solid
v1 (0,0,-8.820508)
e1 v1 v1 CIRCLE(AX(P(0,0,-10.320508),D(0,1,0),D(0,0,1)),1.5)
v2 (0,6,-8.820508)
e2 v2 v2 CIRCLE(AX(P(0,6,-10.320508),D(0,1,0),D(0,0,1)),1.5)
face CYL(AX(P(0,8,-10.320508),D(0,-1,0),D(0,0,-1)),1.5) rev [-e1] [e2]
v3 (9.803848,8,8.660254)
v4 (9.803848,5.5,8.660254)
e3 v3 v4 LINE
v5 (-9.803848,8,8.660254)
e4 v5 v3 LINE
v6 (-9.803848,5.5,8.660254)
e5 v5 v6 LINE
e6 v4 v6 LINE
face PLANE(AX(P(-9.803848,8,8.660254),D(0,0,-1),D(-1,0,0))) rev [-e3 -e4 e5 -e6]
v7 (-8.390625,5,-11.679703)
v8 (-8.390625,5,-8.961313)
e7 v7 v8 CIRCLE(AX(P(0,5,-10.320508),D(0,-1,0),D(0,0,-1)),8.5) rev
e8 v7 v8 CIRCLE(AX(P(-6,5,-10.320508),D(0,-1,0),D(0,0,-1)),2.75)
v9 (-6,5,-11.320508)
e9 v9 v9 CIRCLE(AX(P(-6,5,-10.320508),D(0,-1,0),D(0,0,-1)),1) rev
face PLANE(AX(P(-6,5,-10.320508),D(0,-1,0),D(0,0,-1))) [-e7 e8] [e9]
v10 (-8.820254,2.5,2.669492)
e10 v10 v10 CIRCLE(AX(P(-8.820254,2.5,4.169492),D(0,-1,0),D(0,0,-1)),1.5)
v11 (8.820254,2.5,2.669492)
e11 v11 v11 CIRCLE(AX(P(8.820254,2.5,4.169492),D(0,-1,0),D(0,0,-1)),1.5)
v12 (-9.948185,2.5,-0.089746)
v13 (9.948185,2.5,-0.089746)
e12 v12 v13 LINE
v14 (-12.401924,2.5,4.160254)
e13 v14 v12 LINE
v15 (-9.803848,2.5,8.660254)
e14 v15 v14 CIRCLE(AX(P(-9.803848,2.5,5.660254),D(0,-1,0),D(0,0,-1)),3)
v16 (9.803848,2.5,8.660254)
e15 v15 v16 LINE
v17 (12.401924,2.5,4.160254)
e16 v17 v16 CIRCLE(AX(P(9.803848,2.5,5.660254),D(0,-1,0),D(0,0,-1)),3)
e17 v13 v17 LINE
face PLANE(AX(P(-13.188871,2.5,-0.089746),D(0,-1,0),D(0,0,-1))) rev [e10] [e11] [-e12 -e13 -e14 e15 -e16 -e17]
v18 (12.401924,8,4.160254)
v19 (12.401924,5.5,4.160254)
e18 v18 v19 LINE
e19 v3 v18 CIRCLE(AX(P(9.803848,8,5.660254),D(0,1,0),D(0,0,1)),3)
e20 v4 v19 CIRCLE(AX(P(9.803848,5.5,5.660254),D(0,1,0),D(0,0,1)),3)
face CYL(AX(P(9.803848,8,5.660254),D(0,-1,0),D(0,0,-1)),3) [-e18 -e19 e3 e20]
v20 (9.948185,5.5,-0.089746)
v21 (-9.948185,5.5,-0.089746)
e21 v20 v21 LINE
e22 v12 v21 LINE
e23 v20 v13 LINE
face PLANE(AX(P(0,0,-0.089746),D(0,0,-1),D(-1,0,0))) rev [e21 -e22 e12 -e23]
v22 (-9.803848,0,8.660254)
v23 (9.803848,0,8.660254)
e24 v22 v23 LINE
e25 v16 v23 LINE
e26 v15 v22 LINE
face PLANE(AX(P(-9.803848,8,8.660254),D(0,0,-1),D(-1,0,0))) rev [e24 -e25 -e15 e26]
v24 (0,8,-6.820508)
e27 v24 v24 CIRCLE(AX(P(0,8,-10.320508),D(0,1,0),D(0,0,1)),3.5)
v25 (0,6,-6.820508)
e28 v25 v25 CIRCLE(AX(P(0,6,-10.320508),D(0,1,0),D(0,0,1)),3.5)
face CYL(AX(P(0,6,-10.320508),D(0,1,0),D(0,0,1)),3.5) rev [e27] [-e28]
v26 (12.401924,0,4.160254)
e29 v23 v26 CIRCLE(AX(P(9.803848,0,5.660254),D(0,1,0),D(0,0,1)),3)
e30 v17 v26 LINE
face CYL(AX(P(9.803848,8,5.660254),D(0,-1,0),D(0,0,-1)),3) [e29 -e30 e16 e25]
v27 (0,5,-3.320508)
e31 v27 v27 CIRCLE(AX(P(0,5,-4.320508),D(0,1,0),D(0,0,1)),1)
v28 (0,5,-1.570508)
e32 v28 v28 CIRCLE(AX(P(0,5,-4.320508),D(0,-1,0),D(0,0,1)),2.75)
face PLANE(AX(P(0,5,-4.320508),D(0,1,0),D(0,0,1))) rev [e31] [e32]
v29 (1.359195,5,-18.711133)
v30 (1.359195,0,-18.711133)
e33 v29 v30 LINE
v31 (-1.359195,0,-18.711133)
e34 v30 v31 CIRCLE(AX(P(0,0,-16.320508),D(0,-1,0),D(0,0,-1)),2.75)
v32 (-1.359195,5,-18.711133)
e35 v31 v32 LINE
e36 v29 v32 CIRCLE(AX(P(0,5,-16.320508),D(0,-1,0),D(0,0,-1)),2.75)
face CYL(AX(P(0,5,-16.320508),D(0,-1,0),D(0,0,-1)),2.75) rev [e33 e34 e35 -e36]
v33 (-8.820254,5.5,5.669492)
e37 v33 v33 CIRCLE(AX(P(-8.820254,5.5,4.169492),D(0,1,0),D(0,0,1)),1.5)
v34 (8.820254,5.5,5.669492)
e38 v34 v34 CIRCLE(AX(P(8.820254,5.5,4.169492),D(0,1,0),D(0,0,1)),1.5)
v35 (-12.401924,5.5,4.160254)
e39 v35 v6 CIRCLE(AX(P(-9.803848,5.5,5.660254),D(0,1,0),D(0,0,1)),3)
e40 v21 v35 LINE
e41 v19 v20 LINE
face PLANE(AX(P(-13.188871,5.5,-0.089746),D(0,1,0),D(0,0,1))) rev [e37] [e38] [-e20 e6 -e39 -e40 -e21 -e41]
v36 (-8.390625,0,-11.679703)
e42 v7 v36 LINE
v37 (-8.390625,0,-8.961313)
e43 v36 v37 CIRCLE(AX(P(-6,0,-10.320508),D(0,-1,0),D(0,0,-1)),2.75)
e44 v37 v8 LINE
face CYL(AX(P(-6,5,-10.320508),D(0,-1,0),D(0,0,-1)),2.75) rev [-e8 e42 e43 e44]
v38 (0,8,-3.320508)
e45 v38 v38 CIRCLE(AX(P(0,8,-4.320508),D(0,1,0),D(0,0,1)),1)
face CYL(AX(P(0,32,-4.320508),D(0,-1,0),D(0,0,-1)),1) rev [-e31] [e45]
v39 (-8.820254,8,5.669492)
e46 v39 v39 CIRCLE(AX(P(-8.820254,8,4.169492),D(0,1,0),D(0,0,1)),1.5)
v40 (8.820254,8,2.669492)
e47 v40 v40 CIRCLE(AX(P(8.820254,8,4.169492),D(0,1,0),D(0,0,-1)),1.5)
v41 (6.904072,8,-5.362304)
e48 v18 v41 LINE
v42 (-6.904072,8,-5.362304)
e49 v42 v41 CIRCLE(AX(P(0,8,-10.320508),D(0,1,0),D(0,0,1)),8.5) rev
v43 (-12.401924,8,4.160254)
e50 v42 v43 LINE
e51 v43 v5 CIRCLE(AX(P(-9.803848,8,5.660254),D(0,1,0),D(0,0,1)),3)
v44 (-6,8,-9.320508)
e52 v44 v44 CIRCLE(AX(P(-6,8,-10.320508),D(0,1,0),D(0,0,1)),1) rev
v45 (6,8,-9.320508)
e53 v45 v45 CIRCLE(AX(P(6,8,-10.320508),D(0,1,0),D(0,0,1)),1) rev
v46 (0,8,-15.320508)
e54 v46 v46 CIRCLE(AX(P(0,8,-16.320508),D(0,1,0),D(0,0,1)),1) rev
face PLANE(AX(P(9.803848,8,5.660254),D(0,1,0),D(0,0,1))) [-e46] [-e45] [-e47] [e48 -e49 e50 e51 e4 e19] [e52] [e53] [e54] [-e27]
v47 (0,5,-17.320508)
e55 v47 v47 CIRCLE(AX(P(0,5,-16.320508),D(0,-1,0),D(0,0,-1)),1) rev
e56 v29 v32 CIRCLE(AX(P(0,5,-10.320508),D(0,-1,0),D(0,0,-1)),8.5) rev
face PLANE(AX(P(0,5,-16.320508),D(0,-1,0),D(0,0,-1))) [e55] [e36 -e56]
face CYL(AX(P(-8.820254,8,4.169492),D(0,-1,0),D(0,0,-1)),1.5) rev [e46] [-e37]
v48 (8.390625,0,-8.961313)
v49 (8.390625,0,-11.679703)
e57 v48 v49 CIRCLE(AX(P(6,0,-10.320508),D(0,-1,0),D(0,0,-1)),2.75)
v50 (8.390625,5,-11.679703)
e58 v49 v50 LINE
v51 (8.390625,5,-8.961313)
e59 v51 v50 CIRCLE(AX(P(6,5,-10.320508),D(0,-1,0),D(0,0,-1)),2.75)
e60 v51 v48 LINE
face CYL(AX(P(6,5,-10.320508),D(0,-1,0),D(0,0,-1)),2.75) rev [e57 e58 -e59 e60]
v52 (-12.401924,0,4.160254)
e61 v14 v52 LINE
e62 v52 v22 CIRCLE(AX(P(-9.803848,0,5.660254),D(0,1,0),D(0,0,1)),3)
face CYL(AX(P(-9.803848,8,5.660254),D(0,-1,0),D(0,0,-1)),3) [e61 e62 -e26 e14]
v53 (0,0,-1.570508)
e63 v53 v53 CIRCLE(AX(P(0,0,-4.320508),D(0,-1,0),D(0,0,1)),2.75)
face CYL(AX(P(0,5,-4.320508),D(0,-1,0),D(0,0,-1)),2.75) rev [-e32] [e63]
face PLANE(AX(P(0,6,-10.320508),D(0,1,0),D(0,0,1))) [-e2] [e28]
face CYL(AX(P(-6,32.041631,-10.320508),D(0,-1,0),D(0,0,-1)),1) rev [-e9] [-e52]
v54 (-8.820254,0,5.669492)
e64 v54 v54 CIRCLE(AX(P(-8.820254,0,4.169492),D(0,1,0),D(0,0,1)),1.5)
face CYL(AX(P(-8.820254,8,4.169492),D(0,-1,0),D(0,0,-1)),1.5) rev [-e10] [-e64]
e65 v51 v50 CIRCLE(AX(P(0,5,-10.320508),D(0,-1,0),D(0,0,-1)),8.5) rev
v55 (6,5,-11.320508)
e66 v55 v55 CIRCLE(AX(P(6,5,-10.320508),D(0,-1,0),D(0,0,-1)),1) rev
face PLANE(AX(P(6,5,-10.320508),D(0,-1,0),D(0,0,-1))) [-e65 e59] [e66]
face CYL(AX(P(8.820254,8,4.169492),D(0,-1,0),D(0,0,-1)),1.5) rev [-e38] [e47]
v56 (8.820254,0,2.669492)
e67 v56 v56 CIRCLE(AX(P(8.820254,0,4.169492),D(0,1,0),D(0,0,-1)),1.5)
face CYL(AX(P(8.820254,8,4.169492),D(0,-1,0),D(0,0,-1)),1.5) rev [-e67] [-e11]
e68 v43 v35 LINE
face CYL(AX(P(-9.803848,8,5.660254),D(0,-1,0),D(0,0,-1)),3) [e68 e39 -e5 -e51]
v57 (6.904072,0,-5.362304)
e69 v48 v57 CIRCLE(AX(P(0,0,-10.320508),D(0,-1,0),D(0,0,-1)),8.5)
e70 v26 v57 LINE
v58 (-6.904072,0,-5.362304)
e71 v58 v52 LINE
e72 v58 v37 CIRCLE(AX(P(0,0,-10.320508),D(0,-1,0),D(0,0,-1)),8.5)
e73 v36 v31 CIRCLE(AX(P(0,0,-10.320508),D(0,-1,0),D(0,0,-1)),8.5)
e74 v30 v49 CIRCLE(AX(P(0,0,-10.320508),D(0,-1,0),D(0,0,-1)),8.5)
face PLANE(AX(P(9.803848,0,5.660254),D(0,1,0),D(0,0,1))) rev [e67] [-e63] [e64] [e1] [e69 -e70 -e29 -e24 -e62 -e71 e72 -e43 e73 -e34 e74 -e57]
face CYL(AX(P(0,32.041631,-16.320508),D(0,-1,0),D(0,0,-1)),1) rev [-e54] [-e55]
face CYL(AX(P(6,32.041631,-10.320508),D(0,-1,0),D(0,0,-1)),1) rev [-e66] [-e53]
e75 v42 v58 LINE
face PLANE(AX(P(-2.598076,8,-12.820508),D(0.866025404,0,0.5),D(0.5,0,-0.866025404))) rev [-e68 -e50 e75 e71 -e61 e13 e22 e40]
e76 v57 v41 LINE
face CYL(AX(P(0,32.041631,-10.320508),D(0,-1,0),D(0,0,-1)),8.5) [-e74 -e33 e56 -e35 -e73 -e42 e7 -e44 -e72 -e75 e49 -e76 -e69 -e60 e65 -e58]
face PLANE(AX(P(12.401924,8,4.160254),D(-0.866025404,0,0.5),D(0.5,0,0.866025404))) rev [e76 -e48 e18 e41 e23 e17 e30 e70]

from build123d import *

# Parameters (mm, degrees)
SKETCH1_R           = 1.5
BOSS_EXTRUDE1_DEPTH = 8
SKETCH2_W           = 26.485934179
SKETCH2_H           = 3
CUT_EXTRUDE3_DEPTH  = 8.75
SKETCH3_R           = 8.5
SKETCH3_R_2         = 1.5
SKETCH3_R_3         = 1
BOSS_EXTRUDE2_DEPTH = 8
SKETCH4_R           = 2.75
CUT_EXTRUDE4_DEPTH  = 5
SKETCH5_R           = 3.5
CUT_EXTRUDE5_DEPTH  = 2
SKETCH3_3_R         = 1
CUT_EXTRUDE6_DEPTH  = 32


with BuildPart() as part:
    # Sketch1 → Boss-Extrude1 (new body)
    with BuildSketch(Plane(origin=(0, 0, 0), x_dir=(1, 0, 0), z_dir=(0, 1, 0))):
        with BuildLine():
            Line((-2.598076211, 12.820508076), (-12.401923789, -4.160254038))
            ThreePointArc((-12.401923789, -4.160254038), (-12.401923789, -7.160254038), (-9.803847577, -8.660254038))
            Line((-9.803847577, -8.660254038), (9.803847577, -8.660254038))
            ThreePointArc((9.803847577, -8.660254038), (12.401923789, -7.160254038), (12.401923789, -4.160254038))
            Line((12.401923789, -4.160254038), (2.598076211, 12.820508076))
            ThreePointArc((2.598076211, 12.820508076), (0, 14.320508076), (-2.598076211, 12.820508076))
        make_face()
        with Locations(Location((0, 10.320508076, 0), (0, 0, 270))):
            Circle(SKETCH1_R, mode=Mode.SUBTRACT)
        with Locations(Location((-8.82025404, -4.169491924, 0), (0, 0, 270))):
            Circle(SKETCH1_R, mode=Mode.SUBTRACT)
        with Locations(Location((8.82025404, -4.169491924, 0), (0, 0, 90))):
            Circle(SKETCH1_R, mode=Mode.SUBTRACT)
    extrude(amount=BOSS_EXTRUDE1_DEPTH)

    # Sketch2 → Cut-Extrude3 (cut)
    with BuildSketch(Plane.XY.offset(8.660254038)):
        with Locations((0.054095799, 4)):
            Rectangle(SKETCH2_W, SKETCH2_H)
    extrude(amount=-CUT_EXTRUDE3_DEPTH, mode=Mode.SUBTRACT)

    # Sketch3 → Boss-Extrude2 (add)
    with BuildSketch(Plane(origin=(0, 0, 0), x_dir=(-1, 0, 0), z_dir=(0, -1, 0))):
        with Locations((0, 10.320508076)):
            Circle(SKETCH3_R)
        with Locations(Location((0, 10.320508076, 0), (0, 0, 270))):
            Circle(SKETCH3_R_2, mode=Mode.SUBTRACT)
        with Locations(Location((-6, 10.320508076, 0), (0, 0, 90))):
            Circle(SKETCH3_R_3, mode=Mode.SUBTRACT)
        with Locations(Location((6, 10.320508076, 0), (0, 0, 90))):
            Circle(SKETCH3_R_3, mode=Mode.SUBTRACT)
        with Locations(Location((0, 16.320508076, 0), (0, 0, 90))):
            Circle(SKETCH3_R_3, mode=Mode.SUBTRACT)
        with Locations((0, 4.320508076)):
            Circle(SKETCH3_R_3, mode=Mode.SUBTRACT)
    extrude(amount=-BOSS_EXTRUDE2_DEPTH)

    # Sketch4 → Cut-Extrude4 (cut)
    with BuildSketch(Plane.XZ):
        with Locations((-6, -10.320508076)):
            Circle(SKETCH4_R)
        with Locations((6, -10.320508076)):
            Circle(SKETCH4_R)
        with Locations((0, -16.320508076)):
            Circle(SKETCH4_R)
        with Locations(Location((0, -4.320508076, 0), (0, 0, 90))):
            Circle(SKETCH4_R)
    extrude(amount=-CUT_EXTRUDE4_DEPTH, mode=Mode.SUBTRACT)

    # Sketch5 → Cut-Extrude5 (cut)
    with BuildSketch(Plane(origin=(0, 8, 0), x_dir=(1, 0, 0), z_dir=(0, 1, 0))):
        with Locations(Location((0, 10.320508076, 0), (0, 0, 270))):
            Circle(SKETCH5_R)
    extrude(amount=-CUT_EXTRUDE5_DEPTH, mode=Mode.SUBTRACT)

    # Sketch3<3> → Cut-Extrude6 (cut)
    with BuildSketch(Plane(origin=(0, 0, 0), x_dir=(-1, 0, 0), z_dir=(0, -1, 0))):
        with Locations(Location((0, 4.320508076, 0), (0, 0, 270))):
            Circle(SKETCH3_3_R)
    extrude(amount=-CUT_EXTRUDE6_DEPTH, mode=Mode.SUBTRACT)


solid = part.part
